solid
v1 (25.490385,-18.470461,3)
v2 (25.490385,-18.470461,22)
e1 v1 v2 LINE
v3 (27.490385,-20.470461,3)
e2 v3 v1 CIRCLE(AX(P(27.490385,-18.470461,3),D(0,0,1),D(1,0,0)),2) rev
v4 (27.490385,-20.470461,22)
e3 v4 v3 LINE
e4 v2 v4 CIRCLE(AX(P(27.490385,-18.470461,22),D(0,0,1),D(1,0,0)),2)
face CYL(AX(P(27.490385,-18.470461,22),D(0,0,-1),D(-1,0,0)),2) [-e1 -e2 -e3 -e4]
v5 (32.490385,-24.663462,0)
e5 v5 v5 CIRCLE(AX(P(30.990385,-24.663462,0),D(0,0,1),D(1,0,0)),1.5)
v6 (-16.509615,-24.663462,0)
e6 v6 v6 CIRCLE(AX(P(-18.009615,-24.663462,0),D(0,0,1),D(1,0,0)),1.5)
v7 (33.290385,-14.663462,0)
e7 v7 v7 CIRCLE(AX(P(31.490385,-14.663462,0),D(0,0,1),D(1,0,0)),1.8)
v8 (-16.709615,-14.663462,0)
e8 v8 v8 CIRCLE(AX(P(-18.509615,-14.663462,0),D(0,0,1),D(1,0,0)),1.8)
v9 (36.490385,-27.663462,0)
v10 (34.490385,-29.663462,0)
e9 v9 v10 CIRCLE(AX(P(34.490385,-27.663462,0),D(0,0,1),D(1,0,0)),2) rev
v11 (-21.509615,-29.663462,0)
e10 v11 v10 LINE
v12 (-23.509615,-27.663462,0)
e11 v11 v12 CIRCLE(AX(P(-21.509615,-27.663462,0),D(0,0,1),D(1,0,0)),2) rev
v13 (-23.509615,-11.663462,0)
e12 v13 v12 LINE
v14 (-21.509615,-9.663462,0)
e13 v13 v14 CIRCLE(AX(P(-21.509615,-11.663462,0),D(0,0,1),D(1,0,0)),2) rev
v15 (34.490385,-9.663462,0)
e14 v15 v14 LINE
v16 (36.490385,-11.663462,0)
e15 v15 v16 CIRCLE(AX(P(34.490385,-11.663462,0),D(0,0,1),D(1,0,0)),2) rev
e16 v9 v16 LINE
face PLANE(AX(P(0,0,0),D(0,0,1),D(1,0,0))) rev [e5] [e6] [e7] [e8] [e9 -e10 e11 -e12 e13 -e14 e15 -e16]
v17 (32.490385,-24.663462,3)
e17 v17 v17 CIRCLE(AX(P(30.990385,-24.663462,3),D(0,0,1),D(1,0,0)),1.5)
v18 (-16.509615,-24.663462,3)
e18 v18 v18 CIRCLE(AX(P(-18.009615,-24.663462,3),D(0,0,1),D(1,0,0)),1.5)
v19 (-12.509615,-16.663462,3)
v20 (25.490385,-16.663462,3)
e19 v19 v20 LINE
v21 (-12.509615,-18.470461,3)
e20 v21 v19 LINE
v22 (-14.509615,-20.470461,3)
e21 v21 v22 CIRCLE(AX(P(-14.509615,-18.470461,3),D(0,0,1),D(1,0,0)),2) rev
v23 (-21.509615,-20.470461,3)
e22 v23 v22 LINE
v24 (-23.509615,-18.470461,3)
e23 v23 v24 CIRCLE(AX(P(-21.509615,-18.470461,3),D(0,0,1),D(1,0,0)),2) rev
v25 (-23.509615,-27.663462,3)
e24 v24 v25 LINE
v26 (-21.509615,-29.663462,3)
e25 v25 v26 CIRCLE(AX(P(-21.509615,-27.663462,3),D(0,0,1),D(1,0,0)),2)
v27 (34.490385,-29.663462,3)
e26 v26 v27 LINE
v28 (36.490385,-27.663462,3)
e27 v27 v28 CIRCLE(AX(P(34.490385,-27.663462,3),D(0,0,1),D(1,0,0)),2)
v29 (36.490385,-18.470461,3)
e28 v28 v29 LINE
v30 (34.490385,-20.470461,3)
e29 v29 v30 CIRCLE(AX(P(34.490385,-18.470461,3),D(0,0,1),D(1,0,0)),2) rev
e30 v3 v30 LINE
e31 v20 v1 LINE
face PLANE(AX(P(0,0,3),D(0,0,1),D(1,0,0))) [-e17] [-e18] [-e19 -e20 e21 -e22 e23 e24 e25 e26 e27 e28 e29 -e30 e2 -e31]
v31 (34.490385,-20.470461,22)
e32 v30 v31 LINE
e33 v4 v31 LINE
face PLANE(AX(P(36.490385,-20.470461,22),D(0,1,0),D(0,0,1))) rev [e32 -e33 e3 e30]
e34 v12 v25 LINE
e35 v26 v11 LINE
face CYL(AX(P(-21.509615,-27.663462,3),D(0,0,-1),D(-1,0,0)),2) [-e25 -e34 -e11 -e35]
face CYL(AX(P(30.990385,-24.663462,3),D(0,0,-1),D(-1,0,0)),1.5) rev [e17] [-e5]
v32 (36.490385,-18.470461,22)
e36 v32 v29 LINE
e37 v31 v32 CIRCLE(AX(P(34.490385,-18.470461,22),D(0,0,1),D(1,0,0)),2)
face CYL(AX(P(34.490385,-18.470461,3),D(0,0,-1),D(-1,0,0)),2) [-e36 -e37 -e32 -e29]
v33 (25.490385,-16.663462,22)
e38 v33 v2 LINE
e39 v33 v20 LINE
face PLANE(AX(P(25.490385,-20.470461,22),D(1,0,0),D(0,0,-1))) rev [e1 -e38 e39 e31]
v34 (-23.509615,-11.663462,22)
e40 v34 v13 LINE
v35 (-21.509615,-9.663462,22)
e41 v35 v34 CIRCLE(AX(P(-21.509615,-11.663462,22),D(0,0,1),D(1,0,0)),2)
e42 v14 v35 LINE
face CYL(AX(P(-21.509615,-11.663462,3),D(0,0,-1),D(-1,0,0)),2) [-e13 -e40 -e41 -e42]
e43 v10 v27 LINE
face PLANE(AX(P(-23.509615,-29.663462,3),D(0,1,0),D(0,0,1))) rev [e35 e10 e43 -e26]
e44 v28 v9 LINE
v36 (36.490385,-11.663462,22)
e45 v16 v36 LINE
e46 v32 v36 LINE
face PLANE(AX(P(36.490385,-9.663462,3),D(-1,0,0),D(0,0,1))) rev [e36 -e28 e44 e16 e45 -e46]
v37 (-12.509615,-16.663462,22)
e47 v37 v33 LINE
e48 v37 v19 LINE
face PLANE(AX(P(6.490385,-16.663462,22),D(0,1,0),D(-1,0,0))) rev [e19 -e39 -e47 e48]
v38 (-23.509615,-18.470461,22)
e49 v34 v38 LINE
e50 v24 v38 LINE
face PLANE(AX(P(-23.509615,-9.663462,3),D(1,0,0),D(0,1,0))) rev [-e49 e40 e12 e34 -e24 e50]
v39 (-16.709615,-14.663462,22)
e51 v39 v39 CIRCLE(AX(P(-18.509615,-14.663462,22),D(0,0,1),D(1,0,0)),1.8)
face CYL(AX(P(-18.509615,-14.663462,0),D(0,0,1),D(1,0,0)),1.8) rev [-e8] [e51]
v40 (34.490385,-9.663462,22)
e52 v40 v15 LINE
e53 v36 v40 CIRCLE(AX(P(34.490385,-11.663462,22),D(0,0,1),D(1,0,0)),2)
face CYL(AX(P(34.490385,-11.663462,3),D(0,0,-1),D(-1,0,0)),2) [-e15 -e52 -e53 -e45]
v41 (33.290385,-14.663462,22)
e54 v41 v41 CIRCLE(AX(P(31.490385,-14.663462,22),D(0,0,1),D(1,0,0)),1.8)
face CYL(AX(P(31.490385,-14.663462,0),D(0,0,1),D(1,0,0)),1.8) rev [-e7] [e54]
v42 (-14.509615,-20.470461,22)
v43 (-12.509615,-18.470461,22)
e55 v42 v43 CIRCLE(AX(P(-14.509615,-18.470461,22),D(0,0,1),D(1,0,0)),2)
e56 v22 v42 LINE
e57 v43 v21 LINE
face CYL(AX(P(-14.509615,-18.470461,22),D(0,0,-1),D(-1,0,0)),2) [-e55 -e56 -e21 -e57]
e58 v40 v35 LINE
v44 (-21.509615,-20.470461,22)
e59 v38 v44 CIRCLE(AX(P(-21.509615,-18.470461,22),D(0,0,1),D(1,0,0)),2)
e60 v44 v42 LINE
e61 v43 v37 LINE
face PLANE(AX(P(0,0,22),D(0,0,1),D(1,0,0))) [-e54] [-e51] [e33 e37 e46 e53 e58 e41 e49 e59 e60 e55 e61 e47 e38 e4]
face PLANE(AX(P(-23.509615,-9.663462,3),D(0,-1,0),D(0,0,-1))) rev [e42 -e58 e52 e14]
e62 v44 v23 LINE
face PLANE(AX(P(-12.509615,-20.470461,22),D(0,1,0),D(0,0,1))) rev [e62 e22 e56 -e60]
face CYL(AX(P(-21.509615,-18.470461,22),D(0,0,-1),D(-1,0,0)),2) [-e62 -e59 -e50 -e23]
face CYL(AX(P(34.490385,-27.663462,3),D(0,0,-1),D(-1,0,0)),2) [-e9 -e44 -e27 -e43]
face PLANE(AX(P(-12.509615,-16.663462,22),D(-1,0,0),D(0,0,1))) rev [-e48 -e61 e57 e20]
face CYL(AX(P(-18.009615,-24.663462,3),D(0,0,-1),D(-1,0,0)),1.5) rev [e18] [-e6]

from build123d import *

# Parameters (mm, degrees)
SKETCH_1_W          = 60
SKETCH_1_H          = 20
SKETCH_1_R          = 1.5
EXTRUDE_2_DEPTH     = 3
EXTRUDE_3_DEPTH     = 19
SKETCH_3_R          = 1.8
CUT_EXTRUDE_1_DEPTH = 52.917907506
FILLET_1_R          = 2


with BuildPart() as part:
    # ｽｹｯﾁ1 → ﾎﾞｽ - 押し出し2 (new body)
    with BuildSketch(Plane.XY):
        with Locations((6.490384615, -19.663461538)):
            Rectangle(SKETCH_1_W, SKETCH_1_H)
        with Locations((30.990384615, -24.663461538)):
            Circle(SKETCH_1_R, mode=Mode.SUBTRACT)
        with Locations((-18.009615385, -24.663461538)):
            Circle(SKETCH_1_R, mode=Mode.SUBTRACT)
    extrude(amount=EXTRUDE_2_DEPTH)

    # ｽｹｯﾁ2 → ﾎﾞｽ - 押し出し3 (add)
    with BuildSketch(Plane.XY.offset(3)):
        Polygon((6.490384615, -16.663461538), (25.490384615, -16.663461538), (25.490384615, -20.47046126), (36.490384615, -20.47046126), (36.490384615, -9.663461538), (-23.509615385, -9.663461538), (-23.509615385, -20.47046126), (-12.509615385, -20.47046126), (-12.509615385, -16.663461538), align=None)
    extrude(amount=EXTRUDE_3_DEPTH)

    # ｽｹｯﾁ3 → ｶｯﾄ - 押し出し1 (cut, through all)
    with BuildSketch(Plane.XY.offset(22)):
        with Locations((31.490384615, -14.663461538)):
            Circle(SKETCH_3_R)
        with Locations((-18.509615385, -14.663461538)):
            Circle(SKETCH_3_R)
    extrude(amount=-CUT_EXTRUDE_1_DEPTH, mode=Mode.SUBTRACT)

    # ﾌｨﾚｯﾄ1
    fillet_1_edges = [part.edges().sort_by_distance(p)[0] for p in [
        (25.490384615, -20.47046126, 12.5),
        (36.490384615, -20.47046126, 12.5),
        (-23.509615385, -20.47046126, 12.5),
        (-12.509615385, -20.47046126, 12.5),
        (-23.509615385, -9.663461538, 11),
        (36.490384615, -9.663461538, 11),
        (36.490384615, -29.663461538, 1.5),
        (-23.509615385, -29.663461538, 1.5),
    ]]
    fillet(fillet_1_edges, radius=FILLET_1_R)


solid = part.part
